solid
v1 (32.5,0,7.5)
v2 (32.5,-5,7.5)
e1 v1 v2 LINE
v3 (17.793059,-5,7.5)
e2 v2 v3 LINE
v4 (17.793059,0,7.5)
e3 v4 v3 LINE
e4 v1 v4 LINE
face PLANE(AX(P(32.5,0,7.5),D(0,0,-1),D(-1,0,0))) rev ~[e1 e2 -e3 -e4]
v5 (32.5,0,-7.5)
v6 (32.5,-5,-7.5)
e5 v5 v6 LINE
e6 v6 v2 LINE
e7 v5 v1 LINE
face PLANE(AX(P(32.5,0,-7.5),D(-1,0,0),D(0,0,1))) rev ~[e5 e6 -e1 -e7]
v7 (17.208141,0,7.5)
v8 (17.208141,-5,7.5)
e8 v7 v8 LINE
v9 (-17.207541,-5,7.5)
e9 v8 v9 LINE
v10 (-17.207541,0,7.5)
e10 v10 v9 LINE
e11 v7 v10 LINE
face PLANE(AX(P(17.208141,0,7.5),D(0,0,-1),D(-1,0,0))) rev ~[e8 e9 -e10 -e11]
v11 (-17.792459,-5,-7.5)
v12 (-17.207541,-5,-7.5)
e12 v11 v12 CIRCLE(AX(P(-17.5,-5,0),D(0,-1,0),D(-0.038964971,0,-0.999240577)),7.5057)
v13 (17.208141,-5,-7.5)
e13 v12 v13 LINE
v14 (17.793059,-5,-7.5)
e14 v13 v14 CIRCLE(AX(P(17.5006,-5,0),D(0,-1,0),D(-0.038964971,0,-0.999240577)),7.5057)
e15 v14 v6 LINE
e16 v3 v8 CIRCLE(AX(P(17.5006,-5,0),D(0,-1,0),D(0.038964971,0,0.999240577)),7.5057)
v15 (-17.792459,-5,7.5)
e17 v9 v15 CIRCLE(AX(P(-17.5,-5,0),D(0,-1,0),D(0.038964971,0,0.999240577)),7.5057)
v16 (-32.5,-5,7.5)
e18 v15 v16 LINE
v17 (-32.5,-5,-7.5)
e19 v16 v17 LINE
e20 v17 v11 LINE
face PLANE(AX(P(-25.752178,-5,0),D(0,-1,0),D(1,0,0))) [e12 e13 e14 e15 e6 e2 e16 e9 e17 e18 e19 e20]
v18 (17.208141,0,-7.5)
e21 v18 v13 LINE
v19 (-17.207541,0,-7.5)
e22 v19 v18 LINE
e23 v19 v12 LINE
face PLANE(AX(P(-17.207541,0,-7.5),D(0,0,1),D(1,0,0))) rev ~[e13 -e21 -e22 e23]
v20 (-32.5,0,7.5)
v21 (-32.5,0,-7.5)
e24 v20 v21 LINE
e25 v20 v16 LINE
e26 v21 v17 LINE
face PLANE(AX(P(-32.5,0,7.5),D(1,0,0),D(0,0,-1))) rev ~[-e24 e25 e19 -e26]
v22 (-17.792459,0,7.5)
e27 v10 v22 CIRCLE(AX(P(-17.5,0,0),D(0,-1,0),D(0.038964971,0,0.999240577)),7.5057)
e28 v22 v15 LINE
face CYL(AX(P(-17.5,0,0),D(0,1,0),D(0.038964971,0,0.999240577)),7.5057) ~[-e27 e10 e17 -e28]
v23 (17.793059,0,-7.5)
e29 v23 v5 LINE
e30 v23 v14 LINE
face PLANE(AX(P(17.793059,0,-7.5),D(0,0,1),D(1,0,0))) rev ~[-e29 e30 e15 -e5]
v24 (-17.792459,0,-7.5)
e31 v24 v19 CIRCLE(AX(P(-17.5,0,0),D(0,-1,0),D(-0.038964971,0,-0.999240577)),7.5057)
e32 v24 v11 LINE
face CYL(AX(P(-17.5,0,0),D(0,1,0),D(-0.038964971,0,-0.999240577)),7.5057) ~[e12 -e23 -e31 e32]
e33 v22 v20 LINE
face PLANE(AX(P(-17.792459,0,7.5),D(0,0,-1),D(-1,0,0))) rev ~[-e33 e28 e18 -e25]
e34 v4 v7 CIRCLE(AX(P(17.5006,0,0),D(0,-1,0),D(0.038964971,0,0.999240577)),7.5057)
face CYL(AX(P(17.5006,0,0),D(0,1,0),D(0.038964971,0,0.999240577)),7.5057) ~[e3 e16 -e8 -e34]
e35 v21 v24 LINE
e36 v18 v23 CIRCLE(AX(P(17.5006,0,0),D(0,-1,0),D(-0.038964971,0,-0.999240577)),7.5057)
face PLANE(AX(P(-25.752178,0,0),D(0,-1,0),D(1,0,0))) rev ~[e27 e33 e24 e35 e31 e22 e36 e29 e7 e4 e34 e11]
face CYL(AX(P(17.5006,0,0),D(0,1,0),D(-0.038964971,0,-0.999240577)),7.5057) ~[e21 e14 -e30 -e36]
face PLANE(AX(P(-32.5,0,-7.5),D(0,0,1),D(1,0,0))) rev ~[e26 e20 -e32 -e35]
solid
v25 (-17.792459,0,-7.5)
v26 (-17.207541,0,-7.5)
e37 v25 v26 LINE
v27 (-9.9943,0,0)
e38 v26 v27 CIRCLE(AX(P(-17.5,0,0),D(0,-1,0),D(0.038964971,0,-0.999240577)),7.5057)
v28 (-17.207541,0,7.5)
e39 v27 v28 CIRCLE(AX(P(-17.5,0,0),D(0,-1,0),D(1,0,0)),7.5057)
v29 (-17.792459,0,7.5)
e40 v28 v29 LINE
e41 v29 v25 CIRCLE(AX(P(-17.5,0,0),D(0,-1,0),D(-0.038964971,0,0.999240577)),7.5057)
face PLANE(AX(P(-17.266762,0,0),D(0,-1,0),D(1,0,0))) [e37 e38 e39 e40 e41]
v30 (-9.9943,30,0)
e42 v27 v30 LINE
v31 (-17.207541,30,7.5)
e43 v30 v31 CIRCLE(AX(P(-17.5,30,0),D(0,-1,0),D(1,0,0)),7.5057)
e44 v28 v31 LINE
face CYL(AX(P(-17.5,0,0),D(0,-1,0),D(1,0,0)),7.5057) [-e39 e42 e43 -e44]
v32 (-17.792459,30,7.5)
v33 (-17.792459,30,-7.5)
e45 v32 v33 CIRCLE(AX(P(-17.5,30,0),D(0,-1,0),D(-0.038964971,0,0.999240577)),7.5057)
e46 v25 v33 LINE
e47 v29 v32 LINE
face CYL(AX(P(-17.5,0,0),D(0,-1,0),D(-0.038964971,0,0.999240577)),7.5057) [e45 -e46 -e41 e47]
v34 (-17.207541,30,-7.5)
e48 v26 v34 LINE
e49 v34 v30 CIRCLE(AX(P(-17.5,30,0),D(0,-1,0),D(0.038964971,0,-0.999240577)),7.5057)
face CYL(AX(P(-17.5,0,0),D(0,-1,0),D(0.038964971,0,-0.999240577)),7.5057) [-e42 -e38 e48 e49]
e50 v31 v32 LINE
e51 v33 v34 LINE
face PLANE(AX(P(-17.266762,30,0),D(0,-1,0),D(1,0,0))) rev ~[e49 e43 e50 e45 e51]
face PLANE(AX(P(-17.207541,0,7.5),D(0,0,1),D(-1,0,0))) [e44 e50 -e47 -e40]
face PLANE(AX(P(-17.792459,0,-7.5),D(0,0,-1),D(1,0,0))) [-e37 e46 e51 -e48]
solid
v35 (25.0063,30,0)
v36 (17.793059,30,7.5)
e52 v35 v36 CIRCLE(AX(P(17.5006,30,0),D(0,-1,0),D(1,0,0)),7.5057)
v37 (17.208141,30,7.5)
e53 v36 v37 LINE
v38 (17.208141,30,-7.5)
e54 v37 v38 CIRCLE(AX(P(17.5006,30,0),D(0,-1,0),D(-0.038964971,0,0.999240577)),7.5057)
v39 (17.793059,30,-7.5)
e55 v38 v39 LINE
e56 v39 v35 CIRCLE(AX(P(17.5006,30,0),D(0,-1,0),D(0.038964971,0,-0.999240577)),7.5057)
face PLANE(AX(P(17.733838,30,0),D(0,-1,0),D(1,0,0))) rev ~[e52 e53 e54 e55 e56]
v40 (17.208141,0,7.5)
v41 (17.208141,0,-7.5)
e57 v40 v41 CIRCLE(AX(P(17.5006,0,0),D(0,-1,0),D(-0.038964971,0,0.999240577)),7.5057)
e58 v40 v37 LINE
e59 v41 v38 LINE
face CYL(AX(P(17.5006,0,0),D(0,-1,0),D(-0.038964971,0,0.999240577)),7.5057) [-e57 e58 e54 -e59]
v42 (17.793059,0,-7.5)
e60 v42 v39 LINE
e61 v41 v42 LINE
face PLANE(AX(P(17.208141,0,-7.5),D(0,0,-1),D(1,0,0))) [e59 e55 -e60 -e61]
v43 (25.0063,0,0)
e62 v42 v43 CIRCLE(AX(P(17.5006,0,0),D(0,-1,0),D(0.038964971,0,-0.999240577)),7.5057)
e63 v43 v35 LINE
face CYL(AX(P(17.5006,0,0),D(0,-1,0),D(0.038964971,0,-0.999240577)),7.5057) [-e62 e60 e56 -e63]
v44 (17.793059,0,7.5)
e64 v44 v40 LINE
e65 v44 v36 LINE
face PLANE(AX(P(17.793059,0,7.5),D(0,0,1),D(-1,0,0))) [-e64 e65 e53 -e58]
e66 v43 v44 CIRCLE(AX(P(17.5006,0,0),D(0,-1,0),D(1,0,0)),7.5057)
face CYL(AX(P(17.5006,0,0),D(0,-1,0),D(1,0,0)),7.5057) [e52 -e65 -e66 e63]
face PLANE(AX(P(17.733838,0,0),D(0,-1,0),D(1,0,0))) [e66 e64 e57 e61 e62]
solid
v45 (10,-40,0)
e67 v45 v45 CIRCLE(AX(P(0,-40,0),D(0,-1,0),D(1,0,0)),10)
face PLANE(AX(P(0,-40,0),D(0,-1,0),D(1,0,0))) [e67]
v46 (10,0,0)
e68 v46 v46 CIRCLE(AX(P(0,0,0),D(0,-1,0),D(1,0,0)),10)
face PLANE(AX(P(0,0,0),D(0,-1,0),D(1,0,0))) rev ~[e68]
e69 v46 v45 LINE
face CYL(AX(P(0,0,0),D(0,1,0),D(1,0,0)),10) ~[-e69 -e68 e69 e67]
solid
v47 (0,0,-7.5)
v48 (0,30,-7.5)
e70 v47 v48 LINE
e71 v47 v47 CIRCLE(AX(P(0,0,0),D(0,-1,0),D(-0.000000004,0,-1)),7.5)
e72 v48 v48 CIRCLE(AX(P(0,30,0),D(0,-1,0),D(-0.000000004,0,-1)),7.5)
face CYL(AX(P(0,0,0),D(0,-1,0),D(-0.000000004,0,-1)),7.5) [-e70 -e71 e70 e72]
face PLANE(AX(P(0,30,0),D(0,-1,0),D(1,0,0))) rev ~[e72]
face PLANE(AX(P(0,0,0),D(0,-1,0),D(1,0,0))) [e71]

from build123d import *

# Parameters (mm, degrees)
F1_DEPTH = 5
F2_DEPTH = 30
F3_R     = 10
F4_DEPTH = 40


with BuildPart() as f1:
    # F0 (on Front) → F1 (new body)
    with BuildSketch(Plane.XZ):
        with BuildLine():
            Line((-17.7924593818, 7.5), (-32.5, 7.5))
            Line((-32.5, 7.5), (-32.5, -7.5))
            Line((-32.5, -7.5), (-17.7924593818, -7.5))
            ThreePointArc((-17.7924593818, -7.5), (-25.0057, 0), (-17.7924593818, 7.5))
        make_face()
        with BuildLine():
            Line((0, 7.5), (-17.2075406182, 7.5))
            ThreePointArc((-17.2075406182, 7.5), (-12.0902567126, 5.202904002), (-9.9943, 0))
            ThreePointArc((-9.9943, 0), (-12.0902567126, -5.202904002), (-17.2075406182, -7.5))
            Line((-17.2075406182, -7.5), (-2.86e-08, -7.5))
            ThreePointArc((-2.86e-08, -7.5), (-7.5, 1.43e-08), (0, 7.5))
        make_face()
        with BuildLine():
            Line((17.2081406182, 7.5), (0, 7.5))
            ThreePointArc((0, 7.5), (5.3033008589, 5.3033008589), (7.5, 0))
            ThreePointArc((7.5, 0), (5.3033008488, -5.303300869), (-2.86e-08, -7.5))
            Line((-2.86e-08, -7.5), (17.2081406182, -7.5))
            ThreePointArc((17.2081406182, -7.5), (9.9949, 0), (17.2081406182, 7.5))
        make_face()
        with BuildLine():
            Line((32.5, 7.5), (17.7930593818, 7.5))
            ThreePointArc((17.7930593818, 7.5), (22.9103432874, 5.202904002), (25.0063, 0))
            ThreePointArc((25.0063, 0), (22.9103432874, -5.202904002), (17.7930593818, -7.5))
            Line((17.7930593818, -7.5), (32.5, -7.5))
            Line((32.5, -7.5), (32.5, 7.5))
        make_face()
        with BuildLine():
            Line((17.7930593818, -7.5), (17.2081406182, -7.5))
            ThreePointArc((17.2081406182, -7.5), (17.5006, -7.5057), (17.7930593818, -7.5))
        make_face()
        with BuildLine():
            ThreePointArc((17.7930593818, 7.5), (17.5006, 7.5057), (17.2081406182, 7.5))
            Line((17.2081406182, 7.5), (17.7930593818, 7.5))
        make_face()
        with BuildLine():
            ThreePointArc((-17.2075406182, 7.5), (-17.5, 7.5057), (-17.7924593818, 7.5))
            Line((-17.7924593818, 7.5), (-17.2075406182, 7.5))
        make_face()
        with BuildLine():
            Line((-17.2075406182, -7.5), (-17.7924593818, -7.5))
            ThreePointArc((-17.7924593818, -7.5), (-17.5, -7.5057), (-17.2075406182, -7.5))
        make_face()
        with BuildLine():
            Line((-17.2075406182, 7.5), (-17.7924593818, 7.5))
            ThreePointArc((-17.7924593818, 7.5), (-25.0057, 0), (-17.7924593818, -7.5))
            Line((-17.7924593818, -7.5), (-17.2075406182, -7.5))
            ThreePointArc((-17.2075406182, -7.5), (-12.0902567126, -5.202904002), (-9.9943, 0))
            ThreePointArc((-9.9943, 0), (-12.0902567126, 5.202904002), (-17.2075406182, 7.5))
        make_face()
        with BuildLine():
            ThreePointArc((7.5, 0), (5.3033008589, 5.3033008589), (0, 7.5))
            ThreePointArc((0, 7.5), (-7.5, 1.43e-08), (-2.86e-08, -7.5))
            ThreePointArc((-2.86e-08, -7.5), (5.3033008488, -5.303300869), (7.5, 0))
        make_face()
        with BuildLine():
            Line((17.7930593818, 7.5), (17.2081406182, 7.5))
            ThreePointArc((17.2081406182, 7.5), (9.9949, 0), (17.2081406182, -7.5))
            Line((17.2081406182, -7.5), (17.7930593818, -7.5))
            ThreePointArc((17.7930593818, -7.5), (22.9103432874, -5.202904002), (25.0063, 0))
            ThreePointArc((25.0063, 0), (22.9103432874, 5.202904002), (17.7930593818, 7.5))
        make_face()
    extrude(amount=F1_DEPTH)


with BuildPart() as f2:
    # F0 (on Front) → F2 (new body)
    with BuildSketch(Plane.XZ):
        with BuildLine():
            Line((-17.2075406182, 7.5), (-17.7924593818, 7.5))
            ThreePointArc((-17.7924593818, 7.5), (-25.0057, 0), (-17.7924593818, -7.5))
            Line((-17.7924593818, -7.5), (-17.2075406182, -7.5))
            ThreePointArc((-17.2075406182, -7.5), (-12.0902567126, -5.202904002), (-9.9943, 0))
            ThreePointArc((-9.9943, 0), (-12.0902567126, 5.202904002), (-17.2075406182, 7.5))
        make_face()
    extrude(amount=-F2_DEPTH)


with BuildPart() as f2b:
    # F0 (on Front) → F2, piece 2 (new body)
    with BuildSketch(Plane.XZ):
        with BuildLine():
            ThreePointArc((7.5, 0), (5.3033008589, 5.3033008589), (0, 7.5))
            ThreePointArc((0, 7.5), (-7.5, 1.43e-08), (-2.86e-08, -7.5))
            ThreePointArc((-2.86e-08, -7.5), (5.3033008488, -5.303300869), (7.5, 0))
        make_face()
    extrude(amount=-F2_DEPTH)


with BuildPart() as f2c:
    # F0 (on Front) → F2, piece 3 (new body)
    with BuildSketch(Plane.XZ):
        with BuildLine():
            Line((17.7930593818, 7.5), (17.2081406182, 7.5))
            ThreePointArc((17.2081406182, 7.5), (9.9949, 0), (17.2081406182, -7.5))
            Line((17.2081406182, -7.5), (17.7930593818, -7.5))
            ThreePointArc((17.7930593818, -7.5), (22.9103432874, -5.202904002), (25.0063, 0))
            ThreePointArc((25.0063, 0), (22.9103432874, 5.202904002), (17.7930593818, 7.5))
        make_face()
    extrude(amount=-F2_DEPTH)


with BuildPart() as f4:
    # F3 (on Front) → F4 (new body)
    with BuildSketch(Plane.XZ):
        Circle(F3_R)
    extrude(amount=F4_DEPTH)


solid = Compound([f1.part, f2.part, f2b.part, f2c.part, f4.part])
